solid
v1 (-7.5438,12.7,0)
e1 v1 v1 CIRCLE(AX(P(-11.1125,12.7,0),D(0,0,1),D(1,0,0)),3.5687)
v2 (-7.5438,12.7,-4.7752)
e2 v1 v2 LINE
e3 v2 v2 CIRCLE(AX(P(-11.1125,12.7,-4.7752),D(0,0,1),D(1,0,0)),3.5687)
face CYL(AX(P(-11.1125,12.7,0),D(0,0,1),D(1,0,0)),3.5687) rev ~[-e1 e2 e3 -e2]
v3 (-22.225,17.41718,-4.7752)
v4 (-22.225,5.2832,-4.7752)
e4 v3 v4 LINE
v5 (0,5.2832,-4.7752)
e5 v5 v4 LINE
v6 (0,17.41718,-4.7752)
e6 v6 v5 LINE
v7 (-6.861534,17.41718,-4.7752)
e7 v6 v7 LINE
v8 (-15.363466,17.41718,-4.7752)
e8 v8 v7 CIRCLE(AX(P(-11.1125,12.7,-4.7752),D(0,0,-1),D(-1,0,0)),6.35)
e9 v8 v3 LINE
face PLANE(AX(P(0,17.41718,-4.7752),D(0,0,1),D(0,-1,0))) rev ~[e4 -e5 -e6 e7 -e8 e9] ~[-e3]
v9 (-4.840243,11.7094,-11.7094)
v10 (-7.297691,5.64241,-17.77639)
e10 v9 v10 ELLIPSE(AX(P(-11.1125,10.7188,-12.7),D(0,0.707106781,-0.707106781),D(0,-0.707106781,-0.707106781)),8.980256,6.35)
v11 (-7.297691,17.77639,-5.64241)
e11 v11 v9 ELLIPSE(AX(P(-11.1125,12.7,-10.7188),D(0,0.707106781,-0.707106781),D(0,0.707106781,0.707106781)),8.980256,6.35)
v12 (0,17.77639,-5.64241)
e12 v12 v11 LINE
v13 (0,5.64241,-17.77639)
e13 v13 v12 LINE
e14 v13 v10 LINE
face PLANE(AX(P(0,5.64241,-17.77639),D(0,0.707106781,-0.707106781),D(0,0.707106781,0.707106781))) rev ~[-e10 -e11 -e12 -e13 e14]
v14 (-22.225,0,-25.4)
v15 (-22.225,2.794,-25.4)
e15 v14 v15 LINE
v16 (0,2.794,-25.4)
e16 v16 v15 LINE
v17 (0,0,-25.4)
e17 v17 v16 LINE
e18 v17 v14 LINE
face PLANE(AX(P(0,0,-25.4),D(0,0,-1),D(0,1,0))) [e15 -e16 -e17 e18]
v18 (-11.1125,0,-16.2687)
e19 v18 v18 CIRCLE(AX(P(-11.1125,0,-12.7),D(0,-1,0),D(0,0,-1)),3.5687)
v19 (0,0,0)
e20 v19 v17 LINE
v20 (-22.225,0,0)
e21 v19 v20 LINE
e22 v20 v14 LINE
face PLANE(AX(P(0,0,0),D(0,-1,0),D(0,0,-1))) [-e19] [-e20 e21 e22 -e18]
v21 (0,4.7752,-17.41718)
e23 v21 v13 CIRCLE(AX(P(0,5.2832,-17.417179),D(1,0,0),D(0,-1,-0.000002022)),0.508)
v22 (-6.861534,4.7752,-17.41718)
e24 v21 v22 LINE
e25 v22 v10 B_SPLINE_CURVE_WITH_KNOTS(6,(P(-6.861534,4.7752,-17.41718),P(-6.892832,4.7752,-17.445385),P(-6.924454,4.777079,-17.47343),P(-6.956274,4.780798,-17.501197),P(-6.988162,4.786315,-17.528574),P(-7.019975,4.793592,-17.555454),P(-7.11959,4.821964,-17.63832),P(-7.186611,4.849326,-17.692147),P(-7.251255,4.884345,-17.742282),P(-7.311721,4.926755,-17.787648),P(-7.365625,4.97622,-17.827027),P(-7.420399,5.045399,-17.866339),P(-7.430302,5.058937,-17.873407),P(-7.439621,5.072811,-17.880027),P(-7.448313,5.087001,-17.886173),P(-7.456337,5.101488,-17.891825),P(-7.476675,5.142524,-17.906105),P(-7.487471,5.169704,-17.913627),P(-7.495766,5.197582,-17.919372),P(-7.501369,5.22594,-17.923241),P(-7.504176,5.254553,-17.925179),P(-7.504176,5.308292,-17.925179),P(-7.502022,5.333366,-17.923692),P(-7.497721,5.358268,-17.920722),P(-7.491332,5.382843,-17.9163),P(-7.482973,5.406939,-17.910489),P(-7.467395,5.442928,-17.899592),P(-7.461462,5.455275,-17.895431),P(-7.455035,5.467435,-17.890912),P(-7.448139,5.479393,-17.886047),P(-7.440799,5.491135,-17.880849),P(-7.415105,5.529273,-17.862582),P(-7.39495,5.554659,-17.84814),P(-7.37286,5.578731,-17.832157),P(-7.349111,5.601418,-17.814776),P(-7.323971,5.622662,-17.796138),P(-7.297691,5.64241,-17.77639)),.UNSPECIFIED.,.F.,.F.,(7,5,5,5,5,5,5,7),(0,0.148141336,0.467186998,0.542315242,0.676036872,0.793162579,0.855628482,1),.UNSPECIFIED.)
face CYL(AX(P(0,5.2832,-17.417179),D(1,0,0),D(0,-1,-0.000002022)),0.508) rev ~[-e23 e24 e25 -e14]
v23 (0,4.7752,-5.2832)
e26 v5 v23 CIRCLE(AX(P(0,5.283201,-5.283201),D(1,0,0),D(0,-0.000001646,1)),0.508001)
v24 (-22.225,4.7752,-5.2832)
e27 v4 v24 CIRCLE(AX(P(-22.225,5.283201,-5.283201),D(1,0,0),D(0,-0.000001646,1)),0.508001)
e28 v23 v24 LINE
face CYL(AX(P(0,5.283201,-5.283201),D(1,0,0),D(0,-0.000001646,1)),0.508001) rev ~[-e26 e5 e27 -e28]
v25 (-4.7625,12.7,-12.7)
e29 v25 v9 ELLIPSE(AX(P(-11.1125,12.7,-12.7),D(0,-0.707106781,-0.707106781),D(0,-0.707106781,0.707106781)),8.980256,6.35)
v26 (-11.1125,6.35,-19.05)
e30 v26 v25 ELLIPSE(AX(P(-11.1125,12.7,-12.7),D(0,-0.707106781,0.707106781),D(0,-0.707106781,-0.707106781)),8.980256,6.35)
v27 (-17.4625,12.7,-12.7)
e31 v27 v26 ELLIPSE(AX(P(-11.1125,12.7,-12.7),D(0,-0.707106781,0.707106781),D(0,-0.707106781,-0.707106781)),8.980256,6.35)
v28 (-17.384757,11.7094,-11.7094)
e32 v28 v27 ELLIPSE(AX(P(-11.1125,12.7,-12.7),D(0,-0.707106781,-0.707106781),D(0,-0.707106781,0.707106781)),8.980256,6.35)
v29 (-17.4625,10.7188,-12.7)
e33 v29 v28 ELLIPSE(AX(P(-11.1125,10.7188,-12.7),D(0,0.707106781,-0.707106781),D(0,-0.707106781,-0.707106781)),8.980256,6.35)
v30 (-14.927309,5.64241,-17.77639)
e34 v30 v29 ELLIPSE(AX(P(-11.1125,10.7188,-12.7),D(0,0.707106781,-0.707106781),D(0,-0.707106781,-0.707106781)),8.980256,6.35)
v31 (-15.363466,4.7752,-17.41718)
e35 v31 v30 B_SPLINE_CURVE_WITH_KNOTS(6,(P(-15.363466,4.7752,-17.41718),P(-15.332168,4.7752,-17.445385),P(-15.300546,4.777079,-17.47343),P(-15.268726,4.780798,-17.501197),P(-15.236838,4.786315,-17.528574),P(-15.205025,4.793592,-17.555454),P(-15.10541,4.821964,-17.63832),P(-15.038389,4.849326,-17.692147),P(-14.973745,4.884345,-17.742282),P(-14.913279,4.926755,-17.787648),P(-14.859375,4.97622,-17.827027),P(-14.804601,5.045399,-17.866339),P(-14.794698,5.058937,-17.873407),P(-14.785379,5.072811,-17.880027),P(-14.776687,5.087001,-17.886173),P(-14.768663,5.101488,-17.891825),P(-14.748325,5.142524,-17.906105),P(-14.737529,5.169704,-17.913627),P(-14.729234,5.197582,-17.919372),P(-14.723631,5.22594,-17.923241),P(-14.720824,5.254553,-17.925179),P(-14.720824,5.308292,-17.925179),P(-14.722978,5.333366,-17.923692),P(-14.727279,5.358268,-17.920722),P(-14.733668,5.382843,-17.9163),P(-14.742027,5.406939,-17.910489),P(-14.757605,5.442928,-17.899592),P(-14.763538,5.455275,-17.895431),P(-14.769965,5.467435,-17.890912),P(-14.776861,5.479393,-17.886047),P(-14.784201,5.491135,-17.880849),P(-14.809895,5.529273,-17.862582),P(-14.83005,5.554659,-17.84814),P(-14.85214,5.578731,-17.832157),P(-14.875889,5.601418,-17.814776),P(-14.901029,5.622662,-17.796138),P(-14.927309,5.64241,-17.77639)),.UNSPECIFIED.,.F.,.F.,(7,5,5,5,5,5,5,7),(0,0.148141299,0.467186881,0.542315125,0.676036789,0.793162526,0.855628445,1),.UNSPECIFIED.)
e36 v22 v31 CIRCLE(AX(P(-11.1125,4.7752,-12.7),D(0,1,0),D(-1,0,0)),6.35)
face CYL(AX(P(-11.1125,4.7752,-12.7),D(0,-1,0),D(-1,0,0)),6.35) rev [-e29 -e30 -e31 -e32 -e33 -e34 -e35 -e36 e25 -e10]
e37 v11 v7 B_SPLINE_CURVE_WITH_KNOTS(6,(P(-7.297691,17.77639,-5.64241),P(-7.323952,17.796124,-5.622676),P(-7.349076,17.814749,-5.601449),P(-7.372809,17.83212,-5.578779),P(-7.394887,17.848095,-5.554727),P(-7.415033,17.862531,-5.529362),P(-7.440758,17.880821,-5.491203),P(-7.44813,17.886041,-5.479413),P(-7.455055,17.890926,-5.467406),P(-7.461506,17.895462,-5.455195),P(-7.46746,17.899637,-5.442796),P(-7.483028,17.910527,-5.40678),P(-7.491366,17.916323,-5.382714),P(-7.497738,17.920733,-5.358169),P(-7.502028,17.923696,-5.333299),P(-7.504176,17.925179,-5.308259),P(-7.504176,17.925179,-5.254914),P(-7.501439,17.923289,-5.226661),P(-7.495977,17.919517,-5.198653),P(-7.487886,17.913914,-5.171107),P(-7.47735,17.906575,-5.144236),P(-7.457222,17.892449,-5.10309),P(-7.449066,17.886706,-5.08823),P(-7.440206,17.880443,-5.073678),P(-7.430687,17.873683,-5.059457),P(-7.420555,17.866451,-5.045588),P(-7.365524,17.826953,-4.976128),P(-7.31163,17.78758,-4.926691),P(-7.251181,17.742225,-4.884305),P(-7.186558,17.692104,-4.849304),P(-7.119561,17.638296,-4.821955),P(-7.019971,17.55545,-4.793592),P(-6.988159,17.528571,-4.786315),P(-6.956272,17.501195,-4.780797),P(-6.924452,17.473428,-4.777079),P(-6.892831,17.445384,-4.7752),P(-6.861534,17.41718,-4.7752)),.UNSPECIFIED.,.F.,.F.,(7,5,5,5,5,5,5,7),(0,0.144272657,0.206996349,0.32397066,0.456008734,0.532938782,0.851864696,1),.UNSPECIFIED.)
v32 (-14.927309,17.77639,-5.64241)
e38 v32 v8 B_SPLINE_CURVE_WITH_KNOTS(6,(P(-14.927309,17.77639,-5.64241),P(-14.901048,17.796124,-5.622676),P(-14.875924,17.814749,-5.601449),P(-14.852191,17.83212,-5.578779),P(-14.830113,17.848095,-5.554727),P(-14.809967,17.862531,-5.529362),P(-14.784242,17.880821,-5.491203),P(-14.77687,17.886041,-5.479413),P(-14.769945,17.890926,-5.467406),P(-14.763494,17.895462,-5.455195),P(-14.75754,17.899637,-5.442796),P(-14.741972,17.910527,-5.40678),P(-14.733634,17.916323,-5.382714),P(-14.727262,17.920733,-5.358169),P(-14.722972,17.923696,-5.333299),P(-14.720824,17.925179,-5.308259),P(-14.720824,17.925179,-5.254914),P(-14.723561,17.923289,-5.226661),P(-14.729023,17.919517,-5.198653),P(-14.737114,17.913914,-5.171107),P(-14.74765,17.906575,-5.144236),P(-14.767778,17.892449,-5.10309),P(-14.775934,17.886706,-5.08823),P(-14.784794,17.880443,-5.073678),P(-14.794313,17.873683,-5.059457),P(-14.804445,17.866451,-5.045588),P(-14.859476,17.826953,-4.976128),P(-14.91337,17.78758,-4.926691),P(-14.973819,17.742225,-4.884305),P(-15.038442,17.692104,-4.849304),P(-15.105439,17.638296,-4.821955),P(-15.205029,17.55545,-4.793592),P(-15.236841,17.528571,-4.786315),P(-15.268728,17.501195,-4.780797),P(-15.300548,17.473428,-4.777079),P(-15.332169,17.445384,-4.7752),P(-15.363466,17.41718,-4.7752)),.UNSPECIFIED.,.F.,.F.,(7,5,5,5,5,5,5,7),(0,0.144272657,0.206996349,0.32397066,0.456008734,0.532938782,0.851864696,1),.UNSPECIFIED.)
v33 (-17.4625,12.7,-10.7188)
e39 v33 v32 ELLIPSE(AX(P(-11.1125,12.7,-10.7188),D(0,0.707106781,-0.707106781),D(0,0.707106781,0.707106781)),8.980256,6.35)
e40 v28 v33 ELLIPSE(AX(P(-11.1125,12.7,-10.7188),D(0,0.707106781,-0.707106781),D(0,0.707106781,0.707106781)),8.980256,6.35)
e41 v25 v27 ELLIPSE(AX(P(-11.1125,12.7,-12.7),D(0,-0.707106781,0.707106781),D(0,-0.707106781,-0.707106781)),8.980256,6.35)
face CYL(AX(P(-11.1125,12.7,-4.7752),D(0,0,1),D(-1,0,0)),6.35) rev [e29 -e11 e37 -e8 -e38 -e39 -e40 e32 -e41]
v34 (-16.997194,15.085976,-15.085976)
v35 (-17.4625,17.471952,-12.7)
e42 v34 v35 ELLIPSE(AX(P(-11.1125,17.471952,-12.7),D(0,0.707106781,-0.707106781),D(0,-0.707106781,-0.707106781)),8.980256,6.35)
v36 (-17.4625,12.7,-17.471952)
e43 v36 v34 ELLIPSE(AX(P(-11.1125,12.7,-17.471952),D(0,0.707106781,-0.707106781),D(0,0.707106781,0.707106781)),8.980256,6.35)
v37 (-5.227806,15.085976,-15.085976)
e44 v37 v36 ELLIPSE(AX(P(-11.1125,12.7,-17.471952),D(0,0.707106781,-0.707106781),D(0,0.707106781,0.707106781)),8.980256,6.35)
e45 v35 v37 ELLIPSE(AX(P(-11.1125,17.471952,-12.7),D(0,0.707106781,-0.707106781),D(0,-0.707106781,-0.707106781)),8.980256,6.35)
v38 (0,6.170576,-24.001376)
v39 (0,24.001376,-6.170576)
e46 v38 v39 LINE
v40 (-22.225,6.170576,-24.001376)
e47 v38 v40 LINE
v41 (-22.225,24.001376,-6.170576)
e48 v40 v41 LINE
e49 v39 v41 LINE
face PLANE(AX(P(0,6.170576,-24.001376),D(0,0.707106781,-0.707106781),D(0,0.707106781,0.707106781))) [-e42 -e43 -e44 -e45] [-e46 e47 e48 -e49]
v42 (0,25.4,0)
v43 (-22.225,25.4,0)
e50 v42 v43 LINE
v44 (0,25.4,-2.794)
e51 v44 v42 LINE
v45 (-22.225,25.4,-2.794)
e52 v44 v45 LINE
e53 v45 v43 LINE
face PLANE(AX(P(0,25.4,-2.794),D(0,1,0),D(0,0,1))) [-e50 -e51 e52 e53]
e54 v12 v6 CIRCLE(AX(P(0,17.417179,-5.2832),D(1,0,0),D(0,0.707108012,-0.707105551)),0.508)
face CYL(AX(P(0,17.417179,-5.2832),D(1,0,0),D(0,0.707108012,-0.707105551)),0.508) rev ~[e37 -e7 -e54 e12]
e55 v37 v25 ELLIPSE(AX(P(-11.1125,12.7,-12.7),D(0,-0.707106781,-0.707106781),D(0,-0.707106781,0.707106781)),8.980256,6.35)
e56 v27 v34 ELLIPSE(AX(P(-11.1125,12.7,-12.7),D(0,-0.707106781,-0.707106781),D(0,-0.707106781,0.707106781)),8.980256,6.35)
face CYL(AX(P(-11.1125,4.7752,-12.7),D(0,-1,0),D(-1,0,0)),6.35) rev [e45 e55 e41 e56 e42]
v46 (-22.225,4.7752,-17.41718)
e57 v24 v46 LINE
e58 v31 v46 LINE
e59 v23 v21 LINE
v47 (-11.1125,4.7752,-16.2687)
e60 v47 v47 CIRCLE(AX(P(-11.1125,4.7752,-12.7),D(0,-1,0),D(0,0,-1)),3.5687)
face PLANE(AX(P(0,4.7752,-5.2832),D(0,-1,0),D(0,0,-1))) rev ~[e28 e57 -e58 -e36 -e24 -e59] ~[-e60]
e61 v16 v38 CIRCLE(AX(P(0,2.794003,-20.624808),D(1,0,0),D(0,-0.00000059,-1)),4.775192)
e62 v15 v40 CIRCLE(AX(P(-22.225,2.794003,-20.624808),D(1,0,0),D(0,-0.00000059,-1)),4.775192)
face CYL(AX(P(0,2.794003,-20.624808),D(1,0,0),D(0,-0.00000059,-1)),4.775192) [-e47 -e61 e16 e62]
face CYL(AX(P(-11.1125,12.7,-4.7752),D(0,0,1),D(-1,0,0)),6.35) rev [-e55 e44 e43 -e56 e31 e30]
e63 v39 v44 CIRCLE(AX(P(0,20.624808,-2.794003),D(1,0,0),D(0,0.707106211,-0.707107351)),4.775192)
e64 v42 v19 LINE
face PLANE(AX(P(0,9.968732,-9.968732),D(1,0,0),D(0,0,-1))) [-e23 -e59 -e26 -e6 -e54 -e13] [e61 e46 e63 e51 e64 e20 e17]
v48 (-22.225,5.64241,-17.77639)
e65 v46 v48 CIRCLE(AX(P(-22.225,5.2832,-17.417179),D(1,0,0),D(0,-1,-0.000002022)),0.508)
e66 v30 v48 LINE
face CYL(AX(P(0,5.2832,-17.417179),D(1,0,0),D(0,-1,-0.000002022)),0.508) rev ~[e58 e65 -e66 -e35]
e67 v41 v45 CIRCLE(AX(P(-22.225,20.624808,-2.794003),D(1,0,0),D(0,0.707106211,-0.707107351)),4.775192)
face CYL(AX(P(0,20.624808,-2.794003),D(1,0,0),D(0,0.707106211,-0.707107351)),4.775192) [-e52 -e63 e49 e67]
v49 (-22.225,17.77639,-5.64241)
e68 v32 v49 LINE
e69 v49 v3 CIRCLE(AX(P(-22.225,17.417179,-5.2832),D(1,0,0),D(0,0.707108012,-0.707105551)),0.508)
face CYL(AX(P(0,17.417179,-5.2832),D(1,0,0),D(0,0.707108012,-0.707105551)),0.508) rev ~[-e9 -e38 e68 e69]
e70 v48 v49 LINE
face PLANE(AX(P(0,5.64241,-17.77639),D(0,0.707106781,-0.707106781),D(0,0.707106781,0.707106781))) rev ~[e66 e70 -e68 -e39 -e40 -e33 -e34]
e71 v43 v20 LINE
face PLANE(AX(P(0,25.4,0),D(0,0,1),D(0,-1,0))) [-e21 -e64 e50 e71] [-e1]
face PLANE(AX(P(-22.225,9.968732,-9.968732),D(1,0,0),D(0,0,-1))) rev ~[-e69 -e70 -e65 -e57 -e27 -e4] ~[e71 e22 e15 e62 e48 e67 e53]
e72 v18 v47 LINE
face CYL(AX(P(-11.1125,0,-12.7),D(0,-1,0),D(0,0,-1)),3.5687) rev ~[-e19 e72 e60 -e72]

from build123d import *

# Parameters (mm, degrees)
BASE_EXTRUDE_DEPTH = 22.225
HOLE1_REACH        = 44.241
SKETCH2_R          = 3.5687
SKETCH3_R          = 6.35
HOLE1A_DEPTH       = 40.553672
HOLE2_REACH        = 44.241
SKETCH4_R          = 3.5687
SKETCH5_R          = 6.35
HOLE2A_DEPTH       = 40.553672


with BuildPart() as part:
    # Sketch1 → Base Extrude (new body)
    with BuildSketch(Plane(origin=(0, 0, 0), x_dir=(0, 0, -1), z_dir=(1, 0, 0))):
        with BuildLine():
            Line((0, 25.4), (0, 0))
            Line((0, 0), (25.4, 0))
            Line((25.4, 0), (25.4, 2.794))
            ThreePointArc((25.4, 2.794), (25.03651, 4.62139), (24.001376, 6.170576))
            Line((24.001376, 6.170576), (6.170576, 24.001376))
            ThreePointArc((6.170576, 24.001376), (4.62139, 25.03651), (2.794, 25.4))
            Line((2.794, 25.4), (0, 25.4))
        make_face()
        with BuildLine():
            Line((4.7752, 17.41718), (4.7752, 5.2832))
            ThreePointArc((4.7752, 5.2832), (4.92399, 4.92399), (5.2832, 4.7752))
            Line((5.2832, 4.7752), (17.41718, 4.7752))
            ThreePointArc((17.41718, 4.7752), (17.88651, 5.088797), (17.77639, 5.64241))
            Line((17.77639, 5.64241), (5.64241, 17.77639))
            ThreePointArc((5.64241, 17.77639), (5.088797, 17.88651), (4.7752, 17.41718))
        make_face(mode=Mode.SUBTRACT)
    extrude(amount=-BASE_EXTRUDE_DEPTH)

    # Sketch2 → Hole1 (cut, up to next)
    with BuildSketch(Plane.XZ, mode=Mode.PRIVATE) as hole1_sk1:
        with Locations(Location((-11.1125, -12.7, 0), (0, 0, 270))):
            Circle(SKETCH2_R)
    hole1_tool1 = extrude(hole1_sk1.sketch, amount=-HOLE1_REACH, mode=Mode.PRIVATE) & part.part
    add(hole1_tool1.solids().sort_by_distance((-11.1125, 0, -12.7))[0], mode=Mode.SUBTRACT)

    # Sketch3 → Hole1a (cut, through all)
    with BuildSketch(Plane(origin=(0, 4.7752, 0), x_dir=(-1, 0, 0), z_dir=(0, 1, 0))):
        with Locations((11.1125, -12.7)):
            Circle(SKETCH3_R)
    extrude(amount=HOLE1A_DEPTH, mode=Mode.SUBTRACT)

    # Sketch4 → Hole2 (cut, up to next)
    with BuildSketch(Plane.XY, mode=Mode.PRIVATE) as hole2_sk1:
        with Locations((-11.1125, 12.7)):
            Circle(SKETCH4_R)
    hole2_tool1 = extrude(hole2_sk1.sketch, amount=-HOLE2_REACH, mode=Mode.PRIVATE) & part.part
    add(hole2_tool1.solids().sort_by_distance((-11.1125, 12.7, 0))[0], mode=Mode.SUBTRACT)

    # Sketch5 → Hole2a (cut, through all)
    with BuildSketch(Plane(origin=(0, 0, -4.7752), x_dir=(-1, 0, 0), z_dir=(0, 0, -1))):
        with Locations((11.1125, 12.7)):
            Circle(SKETCH5_R)
    extrude(amount=HOLE2A_DEPTH, mode=Mode.SUBTRACT)


solid = part.part
